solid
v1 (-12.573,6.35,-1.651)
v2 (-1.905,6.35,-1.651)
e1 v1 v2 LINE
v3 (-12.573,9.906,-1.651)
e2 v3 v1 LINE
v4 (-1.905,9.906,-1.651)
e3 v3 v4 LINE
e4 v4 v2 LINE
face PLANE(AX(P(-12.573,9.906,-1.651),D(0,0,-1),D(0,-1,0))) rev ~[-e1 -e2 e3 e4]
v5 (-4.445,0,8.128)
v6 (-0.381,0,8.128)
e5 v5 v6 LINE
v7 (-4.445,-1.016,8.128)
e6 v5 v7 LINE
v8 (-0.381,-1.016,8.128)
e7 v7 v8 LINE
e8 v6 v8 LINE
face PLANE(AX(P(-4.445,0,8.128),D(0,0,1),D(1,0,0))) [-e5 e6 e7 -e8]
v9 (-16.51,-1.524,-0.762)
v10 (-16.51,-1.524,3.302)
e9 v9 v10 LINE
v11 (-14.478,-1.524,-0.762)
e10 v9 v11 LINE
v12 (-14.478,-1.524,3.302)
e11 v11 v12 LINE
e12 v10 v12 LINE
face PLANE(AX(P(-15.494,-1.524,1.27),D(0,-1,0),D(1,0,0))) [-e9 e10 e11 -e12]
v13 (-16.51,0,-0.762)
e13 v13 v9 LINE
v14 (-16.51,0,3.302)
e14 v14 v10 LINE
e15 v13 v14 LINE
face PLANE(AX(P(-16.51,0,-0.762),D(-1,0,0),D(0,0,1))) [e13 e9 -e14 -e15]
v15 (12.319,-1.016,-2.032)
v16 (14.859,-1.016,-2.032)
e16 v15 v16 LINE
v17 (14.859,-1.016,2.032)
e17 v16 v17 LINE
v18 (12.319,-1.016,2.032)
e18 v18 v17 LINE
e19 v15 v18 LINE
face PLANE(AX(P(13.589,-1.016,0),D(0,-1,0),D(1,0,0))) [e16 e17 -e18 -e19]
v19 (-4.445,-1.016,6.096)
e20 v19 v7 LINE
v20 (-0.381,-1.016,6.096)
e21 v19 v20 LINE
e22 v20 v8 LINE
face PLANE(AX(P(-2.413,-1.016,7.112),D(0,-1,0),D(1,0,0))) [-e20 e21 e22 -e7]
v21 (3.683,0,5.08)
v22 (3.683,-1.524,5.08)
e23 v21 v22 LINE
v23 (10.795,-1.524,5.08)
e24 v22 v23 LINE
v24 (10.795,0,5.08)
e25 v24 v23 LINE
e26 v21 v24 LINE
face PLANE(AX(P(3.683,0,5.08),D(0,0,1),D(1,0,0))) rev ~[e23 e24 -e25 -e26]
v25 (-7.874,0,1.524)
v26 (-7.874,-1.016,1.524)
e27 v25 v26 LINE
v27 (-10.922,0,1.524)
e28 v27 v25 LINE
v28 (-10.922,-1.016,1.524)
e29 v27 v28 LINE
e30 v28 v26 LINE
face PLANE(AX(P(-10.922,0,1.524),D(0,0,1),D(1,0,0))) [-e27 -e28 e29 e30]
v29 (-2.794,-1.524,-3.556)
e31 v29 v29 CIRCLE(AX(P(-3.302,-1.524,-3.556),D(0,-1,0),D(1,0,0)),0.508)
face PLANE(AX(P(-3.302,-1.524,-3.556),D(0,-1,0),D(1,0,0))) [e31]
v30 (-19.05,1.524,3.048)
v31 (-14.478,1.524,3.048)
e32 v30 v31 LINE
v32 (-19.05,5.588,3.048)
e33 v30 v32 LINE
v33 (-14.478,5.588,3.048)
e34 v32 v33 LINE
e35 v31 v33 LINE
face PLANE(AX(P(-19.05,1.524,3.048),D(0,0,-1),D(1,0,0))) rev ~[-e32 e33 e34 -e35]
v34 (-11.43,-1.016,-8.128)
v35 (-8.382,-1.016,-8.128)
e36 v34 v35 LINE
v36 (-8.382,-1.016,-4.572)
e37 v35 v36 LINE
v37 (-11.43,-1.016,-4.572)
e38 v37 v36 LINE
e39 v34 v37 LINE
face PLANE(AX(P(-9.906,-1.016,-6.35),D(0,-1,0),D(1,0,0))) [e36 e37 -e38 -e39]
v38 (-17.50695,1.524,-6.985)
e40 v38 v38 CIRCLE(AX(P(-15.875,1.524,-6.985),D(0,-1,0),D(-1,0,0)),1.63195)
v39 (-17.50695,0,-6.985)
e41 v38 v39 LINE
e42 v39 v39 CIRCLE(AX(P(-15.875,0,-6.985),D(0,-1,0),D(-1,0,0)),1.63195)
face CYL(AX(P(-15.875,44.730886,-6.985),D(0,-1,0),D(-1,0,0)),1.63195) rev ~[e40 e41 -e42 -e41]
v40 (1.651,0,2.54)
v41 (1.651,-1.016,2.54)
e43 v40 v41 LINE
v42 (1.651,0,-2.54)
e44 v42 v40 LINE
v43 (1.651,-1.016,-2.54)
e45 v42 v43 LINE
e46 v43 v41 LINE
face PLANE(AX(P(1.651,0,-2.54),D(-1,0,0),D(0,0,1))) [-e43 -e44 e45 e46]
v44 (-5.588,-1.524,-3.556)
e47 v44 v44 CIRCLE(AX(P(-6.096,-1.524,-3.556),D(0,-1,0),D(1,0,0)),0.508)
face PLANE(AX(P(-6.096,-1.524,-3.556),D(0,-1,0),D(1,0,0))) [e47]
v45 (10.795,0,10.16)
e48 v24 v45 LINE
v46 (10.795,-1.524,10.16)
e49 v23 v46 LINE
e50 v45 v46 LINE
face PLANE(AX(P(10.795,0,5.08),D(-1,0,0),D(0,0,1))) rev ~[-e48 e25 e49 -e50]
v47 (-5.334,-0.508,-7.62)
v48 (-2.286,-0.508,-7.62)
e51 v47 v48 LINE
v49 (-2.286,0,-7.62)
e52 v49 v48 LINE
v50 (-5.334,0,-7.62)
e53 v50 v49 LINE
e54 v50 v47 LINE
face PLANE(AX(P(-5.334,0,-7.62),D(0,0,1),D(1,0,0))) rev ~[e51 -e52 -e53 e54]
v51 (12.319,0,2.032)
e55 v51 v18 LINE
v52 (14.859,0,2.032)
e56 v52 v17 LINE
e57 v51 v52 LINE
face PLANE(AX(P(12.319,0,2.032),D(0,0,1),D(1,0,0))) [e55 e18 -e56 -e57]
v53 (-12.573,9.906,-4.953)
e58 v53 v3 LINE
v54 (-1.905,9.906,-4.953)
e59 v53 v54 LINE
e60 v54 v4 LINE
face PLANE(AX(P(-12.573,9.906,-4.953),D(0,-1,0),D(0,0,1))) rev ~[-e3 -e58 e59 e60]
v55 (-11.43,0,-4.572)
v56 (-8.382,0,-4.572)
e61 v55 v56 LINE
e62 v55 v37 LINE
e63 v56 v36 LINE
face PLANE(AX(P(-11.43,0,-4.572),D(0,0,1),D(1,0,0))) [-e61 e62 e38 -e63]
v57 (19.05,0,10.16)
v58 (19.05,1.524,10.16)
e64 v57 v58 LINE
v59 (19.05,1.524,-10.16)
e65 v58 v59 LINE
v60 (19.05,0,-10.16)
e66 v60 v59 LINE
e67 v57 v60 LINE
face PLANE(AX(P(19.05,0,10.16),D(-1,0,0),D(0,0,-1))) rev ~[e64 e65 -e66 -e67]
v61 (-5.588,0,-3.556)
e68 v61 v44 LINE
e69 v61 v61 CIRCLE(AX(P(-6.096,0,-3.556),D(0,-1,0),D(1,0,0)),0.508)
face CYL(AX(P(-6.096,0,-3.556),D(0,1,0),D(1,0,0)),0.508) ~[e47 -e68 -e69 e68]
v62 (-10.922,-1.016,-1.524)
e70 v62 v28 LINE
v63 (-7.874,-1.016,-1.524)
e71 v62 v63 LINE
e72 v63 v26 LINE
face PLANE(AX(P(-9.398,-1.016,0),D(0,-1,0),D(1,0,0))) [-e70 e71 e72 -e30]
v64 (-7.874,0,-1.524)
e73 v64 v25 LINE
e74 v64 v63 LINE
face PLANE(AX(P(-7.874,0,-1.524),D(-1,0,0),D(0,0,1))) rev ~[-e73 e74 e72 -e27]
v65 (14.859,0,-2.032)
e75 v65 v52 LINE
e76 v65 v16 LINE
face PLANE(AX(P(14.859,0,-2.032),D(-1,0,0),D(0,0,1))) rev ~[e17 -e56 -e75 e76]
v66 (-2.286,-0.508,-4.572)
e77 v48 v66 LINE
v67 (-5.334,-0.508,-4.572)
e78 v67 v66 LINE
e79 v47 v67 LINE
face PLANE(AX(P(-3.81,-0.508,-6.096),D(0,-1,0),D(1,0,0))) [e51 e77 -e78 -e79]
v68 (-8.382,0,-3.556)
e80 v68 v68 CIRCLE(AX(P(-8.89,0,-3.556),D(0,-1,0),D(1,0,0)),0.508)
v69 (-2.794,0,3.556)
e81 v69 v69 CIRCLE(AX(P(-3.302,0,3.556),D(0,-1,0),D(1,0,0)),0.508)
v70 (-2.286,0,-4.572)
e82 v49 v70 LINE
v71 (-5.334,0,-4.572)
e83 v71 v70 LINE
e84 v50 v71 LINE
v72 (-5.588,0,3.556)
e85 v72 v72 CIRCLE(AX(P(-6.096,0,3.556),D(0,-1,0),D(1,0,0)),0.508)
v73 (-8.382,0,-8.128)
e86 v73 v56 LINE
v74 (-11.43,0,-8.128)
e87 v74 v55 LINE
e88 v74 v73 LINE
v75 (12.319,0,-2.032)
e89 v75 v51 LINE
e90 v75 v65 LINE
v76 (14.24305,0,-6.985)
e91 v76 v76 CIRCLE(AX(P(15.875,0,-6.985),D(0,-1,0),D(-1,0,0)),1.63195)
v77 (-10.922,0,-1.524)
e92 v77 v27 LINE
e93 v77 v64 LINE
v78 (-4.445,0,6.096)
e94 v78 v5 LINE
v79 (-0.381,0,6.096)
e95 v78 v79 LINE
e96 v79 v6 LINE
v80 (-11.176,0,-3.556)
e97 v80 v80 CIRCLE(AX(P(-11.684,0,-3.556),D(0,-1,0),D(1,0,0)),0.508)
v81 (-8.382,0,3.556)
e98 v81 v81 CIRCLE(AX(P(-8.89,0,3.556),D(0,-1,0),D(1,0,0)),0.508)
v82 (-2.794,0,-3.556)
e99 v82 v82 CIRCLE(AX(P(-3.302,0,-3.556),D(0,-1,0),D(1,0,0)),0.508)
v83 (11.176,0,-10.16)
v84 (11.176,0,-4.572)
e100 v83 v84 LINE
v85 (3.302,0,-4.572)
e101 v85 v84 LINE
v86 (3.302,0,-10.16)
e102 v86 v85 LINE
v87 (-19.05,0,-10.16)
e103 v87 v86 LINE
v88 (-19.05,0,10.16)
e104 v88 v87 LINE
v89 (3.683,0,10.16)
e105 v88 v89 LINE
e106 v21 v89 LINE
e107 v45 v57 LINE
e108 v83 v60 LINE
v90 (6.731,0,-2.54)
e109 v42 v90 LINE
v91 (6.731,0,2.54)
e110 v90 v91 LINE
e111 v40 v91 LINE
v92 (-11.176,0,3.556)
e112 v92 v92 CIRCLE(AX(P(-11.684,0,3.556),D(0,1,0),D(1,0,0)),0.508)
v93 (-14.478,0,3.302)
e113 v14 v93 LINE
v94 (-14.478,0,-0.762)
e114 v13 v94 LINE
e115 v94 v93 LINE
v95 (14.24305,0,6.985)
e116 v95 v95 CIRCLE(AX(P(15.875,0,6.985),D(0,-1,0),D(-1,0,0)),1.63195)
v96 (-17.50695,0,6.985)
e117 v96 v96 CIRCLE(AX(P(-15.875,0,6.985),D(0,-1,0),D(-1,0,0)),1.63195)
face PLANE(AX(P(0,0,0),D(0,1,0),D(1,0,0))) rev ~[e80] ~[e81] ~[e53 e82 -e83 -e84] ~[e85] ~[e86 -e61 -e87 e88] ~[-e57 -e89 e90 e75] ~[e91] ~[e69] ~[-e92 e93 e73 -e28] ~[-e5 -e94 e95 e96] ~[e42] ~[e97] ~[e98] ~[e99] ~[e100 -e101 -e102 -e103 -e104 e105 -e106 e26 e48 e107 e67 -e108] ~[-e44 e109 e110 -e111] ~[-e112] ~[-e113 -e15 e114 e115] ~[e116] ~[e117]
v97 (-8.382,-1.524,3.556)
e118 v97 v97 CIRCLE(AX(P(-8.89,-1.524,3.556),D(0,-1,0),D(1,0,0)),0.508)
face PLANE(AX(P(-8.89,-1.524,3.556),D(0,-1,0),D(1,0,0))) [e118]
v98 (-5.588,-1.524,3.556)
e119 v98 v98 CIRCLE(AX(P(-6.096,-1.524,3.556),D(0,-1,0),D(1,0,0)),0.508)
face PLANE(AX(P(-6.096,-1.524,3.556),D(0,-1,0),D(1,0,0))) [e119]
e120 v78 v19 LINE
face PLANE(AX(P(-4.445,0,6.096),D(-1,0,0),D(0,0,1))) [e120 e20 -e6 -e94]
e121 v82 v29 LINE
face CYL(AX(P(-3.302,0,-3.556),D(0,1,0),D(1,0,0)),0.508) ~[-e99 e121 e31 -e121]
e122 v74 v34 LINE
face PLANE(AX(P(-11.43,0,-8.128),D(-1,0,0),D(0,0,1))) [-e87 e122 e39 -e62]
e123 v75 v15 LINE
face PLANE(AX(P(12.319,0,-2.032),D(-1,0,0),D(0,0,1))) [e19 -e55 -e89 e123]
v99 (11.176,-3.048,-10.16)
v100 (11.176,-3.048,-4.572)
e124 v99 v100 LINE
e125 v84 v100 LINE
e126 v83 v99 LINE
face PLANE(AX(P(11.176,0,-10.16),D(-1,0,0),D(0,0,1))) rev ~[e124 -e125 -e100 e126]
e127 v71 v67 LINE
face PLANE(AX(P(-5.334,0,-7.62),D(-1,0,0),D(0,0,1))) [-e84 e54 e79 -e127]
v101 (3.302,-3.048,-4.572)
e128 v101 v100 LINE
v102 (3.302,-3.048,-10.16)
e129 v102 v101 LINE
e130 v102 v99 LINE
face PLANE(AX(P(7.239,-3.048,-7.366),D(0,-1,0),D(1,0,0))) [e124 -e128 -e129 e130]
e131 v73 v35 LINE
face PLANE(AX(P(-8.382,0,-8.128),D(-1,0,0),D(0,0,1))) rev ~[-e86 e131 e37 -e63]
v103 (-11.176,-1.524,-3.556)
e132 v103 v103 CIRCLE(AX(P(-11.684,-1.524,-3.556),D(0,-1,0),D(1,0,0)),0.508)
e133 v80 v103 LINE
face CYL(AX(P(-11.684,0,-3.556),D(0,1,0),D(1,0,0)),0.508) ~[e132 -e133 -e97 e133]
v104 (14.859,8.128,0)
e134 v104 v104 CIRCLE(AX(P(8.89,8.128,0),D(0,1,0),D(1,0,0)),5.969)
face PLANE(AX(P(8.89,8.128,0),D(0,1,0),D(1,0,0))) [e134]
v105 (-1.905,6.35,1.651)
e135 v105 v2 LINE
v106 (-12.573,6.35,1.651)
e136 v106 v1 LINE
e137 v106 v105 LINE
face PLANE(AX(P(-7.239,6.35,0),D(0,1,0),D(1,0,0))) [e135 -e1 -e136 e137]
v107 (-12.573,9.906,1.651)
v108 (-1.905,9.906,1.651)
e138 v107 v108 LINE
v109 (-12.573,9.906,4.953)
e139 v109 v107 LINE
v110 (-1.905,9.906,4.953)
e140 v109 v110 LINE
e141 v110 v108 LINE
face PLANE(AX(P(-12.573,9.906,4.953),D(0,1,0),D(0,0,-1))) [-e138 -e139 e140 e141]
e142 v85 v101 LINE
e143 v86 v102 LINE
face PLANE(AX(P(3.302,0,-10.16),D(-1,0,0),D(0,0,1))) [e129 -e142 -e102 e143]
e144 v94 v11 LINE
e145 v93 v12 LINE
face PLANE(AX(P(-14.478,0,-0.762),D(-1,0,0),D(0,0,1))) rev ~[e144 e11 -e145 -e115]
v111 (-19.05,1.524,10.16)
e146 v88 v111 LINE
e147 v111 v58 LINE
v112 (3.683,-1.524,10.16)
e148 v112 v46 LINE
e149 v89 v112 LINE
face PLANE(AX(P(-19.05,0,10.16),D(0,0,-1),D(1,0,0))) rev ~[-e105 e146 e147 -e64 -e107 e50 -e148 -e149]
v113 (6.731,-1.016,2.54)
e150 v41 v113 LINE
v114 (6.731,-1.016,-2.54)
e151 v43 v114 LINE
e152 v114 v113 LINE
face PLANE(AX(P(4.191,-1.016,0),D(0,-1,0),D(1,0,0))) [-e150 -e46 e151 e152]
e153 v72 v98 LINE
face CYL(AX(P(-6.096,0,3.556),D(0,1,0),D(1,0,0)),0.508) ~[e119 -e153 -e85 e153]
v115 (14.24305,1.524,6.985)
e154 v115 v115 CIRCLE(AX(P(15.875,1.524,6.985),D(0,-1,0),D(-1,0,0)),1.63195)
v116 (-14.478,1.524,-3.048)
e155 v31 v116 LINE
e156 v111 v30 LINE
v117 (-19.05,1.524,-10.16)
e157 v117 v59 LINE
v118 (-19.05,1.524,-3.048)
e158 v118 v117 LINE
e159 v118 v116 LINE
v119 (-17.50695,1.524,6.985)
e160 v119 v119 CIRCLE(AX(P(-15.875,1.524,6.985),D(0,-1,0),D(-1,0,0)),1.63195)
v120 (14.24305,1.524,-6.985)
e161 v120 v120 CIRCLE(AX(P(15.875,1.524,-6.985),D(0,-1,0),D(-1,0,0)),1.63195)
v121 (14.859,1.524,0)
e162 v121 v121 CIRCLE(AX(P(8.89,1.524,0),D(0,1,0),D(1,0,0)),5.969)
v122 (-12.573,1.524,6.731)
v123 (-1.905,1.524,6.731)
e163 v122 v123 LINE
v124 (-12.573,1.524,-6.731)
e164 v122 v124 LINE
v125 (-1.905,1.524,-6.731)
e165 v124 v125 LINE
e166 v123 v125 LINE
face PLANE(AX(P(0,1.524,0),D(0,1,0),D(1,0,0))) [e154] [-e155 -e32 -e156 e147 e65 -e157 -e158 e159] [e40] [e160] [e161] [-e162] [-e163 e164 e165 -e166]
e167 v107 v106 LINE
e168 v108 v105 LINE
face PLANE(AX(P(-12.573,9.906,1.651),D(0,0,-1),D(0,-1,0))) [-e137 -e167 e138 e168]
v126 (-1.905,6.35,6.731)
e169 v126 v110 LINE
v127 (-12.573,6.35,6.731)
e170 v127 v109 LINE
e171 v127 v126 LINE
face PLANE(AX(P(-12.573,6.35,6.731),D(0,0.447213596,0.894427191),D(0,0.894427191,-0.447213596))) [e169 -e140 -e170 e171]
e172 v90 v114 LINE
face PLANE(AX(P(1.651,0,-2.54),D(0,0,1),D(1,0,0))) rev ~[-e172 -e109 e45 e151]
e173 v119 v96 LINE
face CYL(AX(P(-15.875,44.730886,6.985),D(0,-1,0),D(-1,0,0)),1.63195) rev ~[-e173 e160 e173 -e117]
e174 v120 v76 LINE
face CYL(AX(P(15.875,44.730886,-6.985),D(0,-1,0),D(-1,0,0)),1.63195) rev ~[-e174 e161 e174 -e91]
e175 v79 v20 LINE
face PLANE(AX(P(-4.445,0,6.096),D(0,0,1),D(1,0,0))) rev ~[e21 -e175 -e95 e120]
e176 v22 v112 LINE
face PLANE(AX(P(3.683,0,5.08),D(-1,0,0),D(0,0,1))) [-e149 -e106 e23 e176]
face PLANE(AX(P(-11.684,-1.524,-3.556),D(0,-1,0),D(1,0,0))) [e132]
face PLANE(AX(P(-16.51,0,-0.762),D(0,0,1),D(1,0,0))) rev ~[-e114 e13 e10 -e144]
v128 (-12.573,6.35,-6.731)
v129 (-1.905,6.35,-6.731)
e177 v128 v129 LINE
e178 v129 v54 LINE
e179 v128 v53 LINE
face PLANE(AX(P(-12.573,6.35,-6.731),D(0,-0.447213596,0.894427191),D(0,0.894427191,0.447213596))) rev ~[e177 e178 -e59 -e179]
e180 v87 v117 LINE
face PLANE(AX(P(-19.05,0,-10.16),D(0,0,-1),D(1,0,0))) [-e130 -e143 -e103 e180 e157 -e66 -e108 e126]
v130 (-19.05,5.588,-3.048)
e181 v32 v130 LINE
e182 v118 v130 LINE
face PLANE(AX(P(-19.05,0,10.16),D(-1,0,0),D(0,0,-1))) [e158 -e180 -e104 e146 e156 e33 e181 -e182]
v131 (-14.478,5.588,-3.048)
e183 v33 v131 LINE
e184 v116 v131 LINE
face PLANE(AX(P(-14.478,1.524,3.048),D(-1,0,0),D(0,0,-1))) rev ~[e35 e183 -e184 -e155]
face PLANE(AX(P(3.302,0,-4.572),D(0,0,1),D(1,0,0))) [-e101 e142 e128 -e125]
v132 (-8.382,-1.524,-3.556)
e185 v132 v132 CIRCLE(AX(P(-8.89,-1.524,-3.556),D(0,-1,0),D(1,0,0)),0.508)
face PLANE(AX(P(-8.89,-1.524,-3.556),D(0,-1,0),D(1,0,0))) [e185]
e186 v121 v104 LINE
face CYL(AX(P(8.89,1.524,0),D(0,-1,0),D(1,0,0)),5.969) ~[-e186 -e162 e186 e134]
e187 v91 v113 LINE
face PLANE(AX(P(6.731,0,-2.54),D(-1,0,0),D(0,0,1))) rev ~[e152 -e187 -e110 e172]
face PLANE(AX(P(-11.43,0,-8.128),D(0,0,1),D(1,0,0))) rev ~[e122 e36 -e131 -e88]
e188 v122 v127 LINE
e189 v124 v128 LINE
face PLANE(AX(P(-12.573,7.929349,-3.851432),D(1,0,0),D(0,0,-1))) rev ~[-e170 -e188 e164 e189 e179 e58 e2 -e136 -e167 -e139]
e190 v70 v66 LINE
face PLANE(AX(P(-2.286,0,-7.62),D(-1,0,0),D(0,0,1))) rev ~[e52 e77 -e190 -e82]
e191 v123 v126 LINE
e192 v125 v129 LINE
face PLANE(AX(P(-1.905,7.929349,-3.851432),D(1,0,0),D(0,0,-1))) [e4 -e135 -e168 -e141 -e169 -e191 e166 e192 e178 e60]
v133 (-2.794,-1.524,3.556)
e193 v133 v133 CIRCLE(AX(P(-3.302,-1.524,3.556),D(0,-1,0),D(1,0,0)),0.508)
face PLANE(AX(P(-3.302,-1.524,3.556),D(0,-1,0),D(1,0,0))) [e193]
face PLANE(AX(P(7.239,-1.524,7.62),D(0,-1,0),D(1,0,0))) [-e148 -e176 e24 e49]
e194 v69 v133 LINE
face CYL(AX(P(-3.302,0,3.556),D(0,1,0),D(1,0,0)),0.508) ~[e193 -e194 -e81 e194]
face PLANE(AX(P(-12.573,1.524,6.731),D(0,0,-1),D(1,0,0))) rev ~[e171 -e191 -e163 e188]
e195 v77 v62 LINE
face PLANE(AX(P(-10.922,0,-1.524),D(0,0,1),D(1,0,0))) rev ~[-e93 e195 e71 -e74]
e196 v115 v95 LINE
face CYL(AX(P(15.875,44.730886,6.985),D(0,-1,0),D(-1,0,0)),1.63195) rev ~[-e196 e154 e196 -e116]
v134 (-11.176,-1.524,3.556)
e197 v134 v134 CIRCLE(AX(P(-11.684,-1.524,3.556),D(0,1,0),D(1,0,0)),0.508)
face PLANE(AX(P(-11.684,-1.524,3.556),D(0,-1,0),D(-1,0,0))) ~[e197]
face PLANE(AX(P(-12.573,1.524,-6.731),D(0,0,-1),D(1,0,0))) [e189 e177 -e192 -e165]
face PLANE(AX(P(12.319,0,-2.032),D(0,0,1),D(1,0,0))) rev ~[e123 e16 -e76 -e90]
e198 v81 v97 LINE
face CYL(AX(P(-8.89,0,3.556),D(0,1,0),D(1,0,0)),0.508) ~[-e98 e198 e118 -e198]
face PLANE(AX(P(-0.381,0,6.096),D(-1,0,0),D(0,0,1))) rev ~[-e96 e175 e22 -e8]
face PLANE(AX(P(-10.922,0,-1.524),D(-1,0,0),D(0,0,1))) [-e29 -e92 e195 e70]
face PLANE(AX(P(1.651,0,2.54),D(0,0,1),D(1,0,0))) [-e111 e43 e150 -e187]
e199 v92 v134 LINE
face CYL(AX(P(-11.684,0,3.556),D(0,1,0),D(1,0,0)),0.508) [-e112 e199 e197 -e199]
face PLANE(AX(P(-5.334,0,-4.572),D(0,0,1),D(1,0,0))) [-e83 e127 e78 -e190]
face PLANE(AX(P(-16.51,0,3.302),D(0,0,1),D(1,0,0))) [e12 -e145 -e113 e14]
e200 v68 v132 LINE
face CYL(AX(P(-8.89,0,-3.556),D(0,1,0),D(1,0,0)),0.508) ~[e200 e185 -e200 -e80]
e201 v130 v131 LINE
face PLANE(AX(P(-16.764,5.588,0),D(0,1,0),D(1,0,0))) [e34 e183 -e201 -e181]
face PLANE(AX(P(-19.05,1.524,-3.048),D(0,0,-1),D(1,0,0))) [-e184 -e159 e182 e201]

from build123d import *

# Parameters (mm, degrees)
SKETCH1_W               = 38.1
SKETCH1_H               = 20.32
BOSS_EXTRUDE1_DEPTH     = 1.524
F_4_CLEARANCE_HOLE1_D   = 3.2639
SKETCH4_W               = 4.572
SKETCH4_H               = 6.096
BOSS_EXTRUDE2_DEPTH     = 4.064
SKETCH5_R               = 5.969
BOSS_EXTRUDE3_DEPTH     = 6.604
SKETCH6_W               = 10.668
SKETCH6_H               = 13.462
BOSS_EXTRUDE4_DEPTH     = 4.826
BOSS_EXTRUDE5_DEPTH     = 10.668
SKETCH8_W               = 7.874
SKETCH8_H               = 5.588
BOSS_EXTRUDE6_DEPTH     = 3.048
SKETCH9_W               = 7.112
SKETCH9_H               = 5.08
BOSS_EXTRUDE7_DEPTH     = 1.524
SKETCH10_W              = 2.54
SKETCH10_H              = 4.064
BOSS_EXTRUDE8_DEPTH     = 1.016
SKETCH11_W              = 5.08
SKETCH11_H              = 5.08
BOSS_EXTRUDE9_DEPTH     = 1.016
SKETCH12_W              = 4.064
SKETCH12_H              = 2.032
BOSS_EXTRUDE10_DEPTH    = 1.016
SKETCH13_W              = 3.048
SKETCH13_H              = 3.048
BOSS_EXTRUDE11_DEPTH    = 0.508
SKETCH14_W              = 3.048
SKETCH14_H              = 3.556
BOSS_EXTRUDE12_DEPTH    = 1.016
SKETCH15_W              = 2.032
SKETCH15_H              = 4.064
BOSS_EXTRUDE13_DEPTH    = 1.524
SKETCH16_W              = 3.048
SKETCH16_H              = 3.048
BOSS_EXTRUDE14_DEPTH    = 1.016
SKETCH17_R              = 0.508
BOSS_EXTRUDE15_DEPTH    = 1.524
LPATTERN1_COUNT         = 4
LPATTERN1_PITCH         = 2.794
MIRROR1_COPY_1_SKETCH_R = 0.508
MIRROR1_COPY_1_DEPTH    = 1.524
MIRROR1_COPY_2_SKETCH_R = 0.508
MIRROR1_COPY_2_DEPTH    = 1.524
MIRROR1_COPY_3_SKETCH_R = 0.508
MIRROR1_COPY_3_DEPTH    = 1.524


with BuildPart() as part:
    # Sketch1 → Boss-Extrude1 (new body)
    with BuildSketch(Plane(origin=(0, 0, 0), x_dir=(1, 0, 0), z_dir=(0, 1, 0))):
        Rectangle(SKETCH1_W, SKETCH1_H)
    extrude(amount=BOSS_EXTRUDE1_DEPTH)

    # #4 Clearance Hole1 (through all)
    with Locations(Plane(origin=(0, 1.524, 0), x_dir=(1, 0, 0), z_dir=(0, 1, 0))):
        with Locations((-15.875, 6.985), (15.875, -6.985), (-15.875, -6.985), (15.875, 6.985)):
            Hole(F_4_CLEARANCE_HOLE1_D / 2)

    # Sketch4 → Boss-Extrude2 (add)
    with BuildSketch(Plane(origin=(0, 1.524, 0), x_dir=(1, 0, 0), z_dir=(0, 1, 0))):
        with Locations((-16.764, 0)):
            Rectangle(SKETCH4_W, SKETCH4_H)
    extrude(amount=BOSS_EXTRUDE2_DEPTH)

    # Sketch5 → Boss-Extrude3 (add)
    with BuildSketch(Plane(origin=(0, 1.524, 0), x_dir=(1, 0, 0), z_dir=(0, 1, 0))):
        with Locations((8.89, 0)):
            Circle(SKETCH5_R)
    extrude(amount=BOSS_EXTRUDE3_DEPTH)

    # Sketch6 → Boss-Extrude4 (add)
    with BuildSketch(Plane(origin=(0, 1.524, 0), x_dir=(1, 0, 0), z_dir=(0, 1, 0))):
        with Locations((-7.239, 0)):
            Rectangle(SKETCH6_W, SKETCH6_H)
    extrude(amount=BOSS_EXTRUDE4_DEPTH)

    # Sketch7 → Boss-Extrude5 (add)
    with BuildSketch(Plane.ZY.offset(12.573)):
        Polygon((-6.731, 6.35), (-4.953, 9.906), (-1.651, 9.906), (-1.651, 6.35), align=None)
        Polygon((6.731, 6.35), (4.953, 9.906), (1.651, 9.906), (1.651, 6.35), align=None)
    extrude(amount=-BOSS_EXTRUDE5_DEPTH)

    # Sketch8 → Boss-Extrude6 (add)
    with BuildSketch(Plane.XZ):
        with Locations((7.239, -7.366)):
            Rectangle(SKETCH8_W, SKETCH8_H)
    extrude(amount=BOSS_EXTRUDE6_DEPTH)

    # Sketch9 → Boss-Extrude7 (add)
    with BuildSketch(Plane.XZ):
        with Locations((7.239, 7.62)):
            Rectangle(SKETCH9_W, SKETCH9_H)
    extrude(amount=BOSS_EXTRUDE7_DEPTH)

    # Sketch10 → Boss-Extrude8 (add)
    with BuildSketch(Plane.XZ):
        with Locations((13.589, 0)):
            Rectangle(SKETCH10_W, SKETCH10_H)
    extrude(amount=BOSS_EXTRUDE8_DEPTH)

    # Sketch11 → Boss-Extrude9 (add)
    with BuildSketch(Plane.XZ):
        with Locations((4.191, 0)):
            Rectangle(SKETCH11_W, SKETCH11_H)
    extrude(amount=BOSS_EXTRUDE9_DEPTH)

    # Sketch12 → Boss-Extrude10 (add)
    with BuildSketch(Plane.XZ):
        with Locations((-2.413, 7.112)):
            Rectangle(SKETCH12_W, SKETCH12_H)
    extrude(amount=BOSS_EXTRUDE10_DEPTH)

    # Sketch13 → Boss-Extrude11 (add)
    with BuildSketch(Plane.XZ):
        with Locations((-3.81, -6.096)):
            Rectangle(SKETCH13_W, SKETCH13_H)
    extrude(amount=BOSS_EXTRUDE11_DEPTH)

    # Sketch14 → Boss-Extrude12 (add)
    with BuildSketch(Plane.XZ):
        with Locations((-9.906, -6.35)):
            Rectangle(SKETCH14_W, SKETCH14_H)
    extrude(amount=BOSS_EXTRUDE12_DEPTH)

    # Sketch15 → Boss-Extrude13 (add)
    with BuildSketch(Plane.XZ):
        with Locations((-15.494, 1.27)):
            Rectangle(SKETCH15_W, SKETCH15_H)
    extrude(amount=BOSS_EXTRUDE13_DEPTH)

    # Sketch16 → Boss-Extrude14 (add)
    with BuildSketch(Plane.XZ):
        with Locations((-9.398, 0)):
            Rectangle(SKETCH16_W, SKETCH16_H)
    extrude(amount=BOSS_EXTRUDE14_DEPTH)

    # Sketch17 → Boss-Extrude15 (add)
    with BuildSketch(Plane.XZ):
        with Locations((-11.684, -3.556)):
            Circle(SKETCH17_R)
    boss_extrude15 = extrude(amount=BOSS_EXTRUDE15_DEPTH)

    # LPattern1: Boss-Extrude15 ×4
    with Locations(*[(i * LPATTERN1_PITCH, 0, 0) for i in range(1, LPATTERN1_COUNT)]):
        add(boss_extrude15)

    # Mirror1: Boss-Extrude15 across plane
    add(boss_extrude15.mirror(Plane.XY))

    # Mirror1 copy 1 sketch → Mirror1 copy 1 (add)
    with BuildSketch(Plane(origin=(2.794, 0, 0), x_dir=(1, 0, 0), z_dir=(0, -1, 0))):
        with Locations((-11.684, 3.556)):
            Circle(MIRROR1_COPY_1_SKETCH_R)
    extrude(amount=MIRROR1_COPY_1_DEPTH)

    # Mirror1 copy 2 sketch → Mirror1 copy 2 (add)
    with BuildSketch(Plane(origin=(5.588, 0, 0), x_dir=(1, 0, 0), z_dir=(0, -1, 0))):
        with Locations((-11.684, 3.556)):
            Circle(MIRROR1_COPY_2_SKETCH_R)
    extrude(amount=MIRROR1_COPY_2_DEPTH)

    # Mirror1 copy 3 sketch → Mirror1 copy 3 (add)
    with BuildSketch(Plane(origin=(8.382, 0, 0), x_dir=(1, 0, 0), z_dir=(0, -1, 0))):
        with Locations((-11.684, 3.556)):
            Circle(MIRROR1_COPY_3_SKETCH_R)
    extrude(amount=MIRROR1_COPY_3_DEPTH)


solid = part.part
